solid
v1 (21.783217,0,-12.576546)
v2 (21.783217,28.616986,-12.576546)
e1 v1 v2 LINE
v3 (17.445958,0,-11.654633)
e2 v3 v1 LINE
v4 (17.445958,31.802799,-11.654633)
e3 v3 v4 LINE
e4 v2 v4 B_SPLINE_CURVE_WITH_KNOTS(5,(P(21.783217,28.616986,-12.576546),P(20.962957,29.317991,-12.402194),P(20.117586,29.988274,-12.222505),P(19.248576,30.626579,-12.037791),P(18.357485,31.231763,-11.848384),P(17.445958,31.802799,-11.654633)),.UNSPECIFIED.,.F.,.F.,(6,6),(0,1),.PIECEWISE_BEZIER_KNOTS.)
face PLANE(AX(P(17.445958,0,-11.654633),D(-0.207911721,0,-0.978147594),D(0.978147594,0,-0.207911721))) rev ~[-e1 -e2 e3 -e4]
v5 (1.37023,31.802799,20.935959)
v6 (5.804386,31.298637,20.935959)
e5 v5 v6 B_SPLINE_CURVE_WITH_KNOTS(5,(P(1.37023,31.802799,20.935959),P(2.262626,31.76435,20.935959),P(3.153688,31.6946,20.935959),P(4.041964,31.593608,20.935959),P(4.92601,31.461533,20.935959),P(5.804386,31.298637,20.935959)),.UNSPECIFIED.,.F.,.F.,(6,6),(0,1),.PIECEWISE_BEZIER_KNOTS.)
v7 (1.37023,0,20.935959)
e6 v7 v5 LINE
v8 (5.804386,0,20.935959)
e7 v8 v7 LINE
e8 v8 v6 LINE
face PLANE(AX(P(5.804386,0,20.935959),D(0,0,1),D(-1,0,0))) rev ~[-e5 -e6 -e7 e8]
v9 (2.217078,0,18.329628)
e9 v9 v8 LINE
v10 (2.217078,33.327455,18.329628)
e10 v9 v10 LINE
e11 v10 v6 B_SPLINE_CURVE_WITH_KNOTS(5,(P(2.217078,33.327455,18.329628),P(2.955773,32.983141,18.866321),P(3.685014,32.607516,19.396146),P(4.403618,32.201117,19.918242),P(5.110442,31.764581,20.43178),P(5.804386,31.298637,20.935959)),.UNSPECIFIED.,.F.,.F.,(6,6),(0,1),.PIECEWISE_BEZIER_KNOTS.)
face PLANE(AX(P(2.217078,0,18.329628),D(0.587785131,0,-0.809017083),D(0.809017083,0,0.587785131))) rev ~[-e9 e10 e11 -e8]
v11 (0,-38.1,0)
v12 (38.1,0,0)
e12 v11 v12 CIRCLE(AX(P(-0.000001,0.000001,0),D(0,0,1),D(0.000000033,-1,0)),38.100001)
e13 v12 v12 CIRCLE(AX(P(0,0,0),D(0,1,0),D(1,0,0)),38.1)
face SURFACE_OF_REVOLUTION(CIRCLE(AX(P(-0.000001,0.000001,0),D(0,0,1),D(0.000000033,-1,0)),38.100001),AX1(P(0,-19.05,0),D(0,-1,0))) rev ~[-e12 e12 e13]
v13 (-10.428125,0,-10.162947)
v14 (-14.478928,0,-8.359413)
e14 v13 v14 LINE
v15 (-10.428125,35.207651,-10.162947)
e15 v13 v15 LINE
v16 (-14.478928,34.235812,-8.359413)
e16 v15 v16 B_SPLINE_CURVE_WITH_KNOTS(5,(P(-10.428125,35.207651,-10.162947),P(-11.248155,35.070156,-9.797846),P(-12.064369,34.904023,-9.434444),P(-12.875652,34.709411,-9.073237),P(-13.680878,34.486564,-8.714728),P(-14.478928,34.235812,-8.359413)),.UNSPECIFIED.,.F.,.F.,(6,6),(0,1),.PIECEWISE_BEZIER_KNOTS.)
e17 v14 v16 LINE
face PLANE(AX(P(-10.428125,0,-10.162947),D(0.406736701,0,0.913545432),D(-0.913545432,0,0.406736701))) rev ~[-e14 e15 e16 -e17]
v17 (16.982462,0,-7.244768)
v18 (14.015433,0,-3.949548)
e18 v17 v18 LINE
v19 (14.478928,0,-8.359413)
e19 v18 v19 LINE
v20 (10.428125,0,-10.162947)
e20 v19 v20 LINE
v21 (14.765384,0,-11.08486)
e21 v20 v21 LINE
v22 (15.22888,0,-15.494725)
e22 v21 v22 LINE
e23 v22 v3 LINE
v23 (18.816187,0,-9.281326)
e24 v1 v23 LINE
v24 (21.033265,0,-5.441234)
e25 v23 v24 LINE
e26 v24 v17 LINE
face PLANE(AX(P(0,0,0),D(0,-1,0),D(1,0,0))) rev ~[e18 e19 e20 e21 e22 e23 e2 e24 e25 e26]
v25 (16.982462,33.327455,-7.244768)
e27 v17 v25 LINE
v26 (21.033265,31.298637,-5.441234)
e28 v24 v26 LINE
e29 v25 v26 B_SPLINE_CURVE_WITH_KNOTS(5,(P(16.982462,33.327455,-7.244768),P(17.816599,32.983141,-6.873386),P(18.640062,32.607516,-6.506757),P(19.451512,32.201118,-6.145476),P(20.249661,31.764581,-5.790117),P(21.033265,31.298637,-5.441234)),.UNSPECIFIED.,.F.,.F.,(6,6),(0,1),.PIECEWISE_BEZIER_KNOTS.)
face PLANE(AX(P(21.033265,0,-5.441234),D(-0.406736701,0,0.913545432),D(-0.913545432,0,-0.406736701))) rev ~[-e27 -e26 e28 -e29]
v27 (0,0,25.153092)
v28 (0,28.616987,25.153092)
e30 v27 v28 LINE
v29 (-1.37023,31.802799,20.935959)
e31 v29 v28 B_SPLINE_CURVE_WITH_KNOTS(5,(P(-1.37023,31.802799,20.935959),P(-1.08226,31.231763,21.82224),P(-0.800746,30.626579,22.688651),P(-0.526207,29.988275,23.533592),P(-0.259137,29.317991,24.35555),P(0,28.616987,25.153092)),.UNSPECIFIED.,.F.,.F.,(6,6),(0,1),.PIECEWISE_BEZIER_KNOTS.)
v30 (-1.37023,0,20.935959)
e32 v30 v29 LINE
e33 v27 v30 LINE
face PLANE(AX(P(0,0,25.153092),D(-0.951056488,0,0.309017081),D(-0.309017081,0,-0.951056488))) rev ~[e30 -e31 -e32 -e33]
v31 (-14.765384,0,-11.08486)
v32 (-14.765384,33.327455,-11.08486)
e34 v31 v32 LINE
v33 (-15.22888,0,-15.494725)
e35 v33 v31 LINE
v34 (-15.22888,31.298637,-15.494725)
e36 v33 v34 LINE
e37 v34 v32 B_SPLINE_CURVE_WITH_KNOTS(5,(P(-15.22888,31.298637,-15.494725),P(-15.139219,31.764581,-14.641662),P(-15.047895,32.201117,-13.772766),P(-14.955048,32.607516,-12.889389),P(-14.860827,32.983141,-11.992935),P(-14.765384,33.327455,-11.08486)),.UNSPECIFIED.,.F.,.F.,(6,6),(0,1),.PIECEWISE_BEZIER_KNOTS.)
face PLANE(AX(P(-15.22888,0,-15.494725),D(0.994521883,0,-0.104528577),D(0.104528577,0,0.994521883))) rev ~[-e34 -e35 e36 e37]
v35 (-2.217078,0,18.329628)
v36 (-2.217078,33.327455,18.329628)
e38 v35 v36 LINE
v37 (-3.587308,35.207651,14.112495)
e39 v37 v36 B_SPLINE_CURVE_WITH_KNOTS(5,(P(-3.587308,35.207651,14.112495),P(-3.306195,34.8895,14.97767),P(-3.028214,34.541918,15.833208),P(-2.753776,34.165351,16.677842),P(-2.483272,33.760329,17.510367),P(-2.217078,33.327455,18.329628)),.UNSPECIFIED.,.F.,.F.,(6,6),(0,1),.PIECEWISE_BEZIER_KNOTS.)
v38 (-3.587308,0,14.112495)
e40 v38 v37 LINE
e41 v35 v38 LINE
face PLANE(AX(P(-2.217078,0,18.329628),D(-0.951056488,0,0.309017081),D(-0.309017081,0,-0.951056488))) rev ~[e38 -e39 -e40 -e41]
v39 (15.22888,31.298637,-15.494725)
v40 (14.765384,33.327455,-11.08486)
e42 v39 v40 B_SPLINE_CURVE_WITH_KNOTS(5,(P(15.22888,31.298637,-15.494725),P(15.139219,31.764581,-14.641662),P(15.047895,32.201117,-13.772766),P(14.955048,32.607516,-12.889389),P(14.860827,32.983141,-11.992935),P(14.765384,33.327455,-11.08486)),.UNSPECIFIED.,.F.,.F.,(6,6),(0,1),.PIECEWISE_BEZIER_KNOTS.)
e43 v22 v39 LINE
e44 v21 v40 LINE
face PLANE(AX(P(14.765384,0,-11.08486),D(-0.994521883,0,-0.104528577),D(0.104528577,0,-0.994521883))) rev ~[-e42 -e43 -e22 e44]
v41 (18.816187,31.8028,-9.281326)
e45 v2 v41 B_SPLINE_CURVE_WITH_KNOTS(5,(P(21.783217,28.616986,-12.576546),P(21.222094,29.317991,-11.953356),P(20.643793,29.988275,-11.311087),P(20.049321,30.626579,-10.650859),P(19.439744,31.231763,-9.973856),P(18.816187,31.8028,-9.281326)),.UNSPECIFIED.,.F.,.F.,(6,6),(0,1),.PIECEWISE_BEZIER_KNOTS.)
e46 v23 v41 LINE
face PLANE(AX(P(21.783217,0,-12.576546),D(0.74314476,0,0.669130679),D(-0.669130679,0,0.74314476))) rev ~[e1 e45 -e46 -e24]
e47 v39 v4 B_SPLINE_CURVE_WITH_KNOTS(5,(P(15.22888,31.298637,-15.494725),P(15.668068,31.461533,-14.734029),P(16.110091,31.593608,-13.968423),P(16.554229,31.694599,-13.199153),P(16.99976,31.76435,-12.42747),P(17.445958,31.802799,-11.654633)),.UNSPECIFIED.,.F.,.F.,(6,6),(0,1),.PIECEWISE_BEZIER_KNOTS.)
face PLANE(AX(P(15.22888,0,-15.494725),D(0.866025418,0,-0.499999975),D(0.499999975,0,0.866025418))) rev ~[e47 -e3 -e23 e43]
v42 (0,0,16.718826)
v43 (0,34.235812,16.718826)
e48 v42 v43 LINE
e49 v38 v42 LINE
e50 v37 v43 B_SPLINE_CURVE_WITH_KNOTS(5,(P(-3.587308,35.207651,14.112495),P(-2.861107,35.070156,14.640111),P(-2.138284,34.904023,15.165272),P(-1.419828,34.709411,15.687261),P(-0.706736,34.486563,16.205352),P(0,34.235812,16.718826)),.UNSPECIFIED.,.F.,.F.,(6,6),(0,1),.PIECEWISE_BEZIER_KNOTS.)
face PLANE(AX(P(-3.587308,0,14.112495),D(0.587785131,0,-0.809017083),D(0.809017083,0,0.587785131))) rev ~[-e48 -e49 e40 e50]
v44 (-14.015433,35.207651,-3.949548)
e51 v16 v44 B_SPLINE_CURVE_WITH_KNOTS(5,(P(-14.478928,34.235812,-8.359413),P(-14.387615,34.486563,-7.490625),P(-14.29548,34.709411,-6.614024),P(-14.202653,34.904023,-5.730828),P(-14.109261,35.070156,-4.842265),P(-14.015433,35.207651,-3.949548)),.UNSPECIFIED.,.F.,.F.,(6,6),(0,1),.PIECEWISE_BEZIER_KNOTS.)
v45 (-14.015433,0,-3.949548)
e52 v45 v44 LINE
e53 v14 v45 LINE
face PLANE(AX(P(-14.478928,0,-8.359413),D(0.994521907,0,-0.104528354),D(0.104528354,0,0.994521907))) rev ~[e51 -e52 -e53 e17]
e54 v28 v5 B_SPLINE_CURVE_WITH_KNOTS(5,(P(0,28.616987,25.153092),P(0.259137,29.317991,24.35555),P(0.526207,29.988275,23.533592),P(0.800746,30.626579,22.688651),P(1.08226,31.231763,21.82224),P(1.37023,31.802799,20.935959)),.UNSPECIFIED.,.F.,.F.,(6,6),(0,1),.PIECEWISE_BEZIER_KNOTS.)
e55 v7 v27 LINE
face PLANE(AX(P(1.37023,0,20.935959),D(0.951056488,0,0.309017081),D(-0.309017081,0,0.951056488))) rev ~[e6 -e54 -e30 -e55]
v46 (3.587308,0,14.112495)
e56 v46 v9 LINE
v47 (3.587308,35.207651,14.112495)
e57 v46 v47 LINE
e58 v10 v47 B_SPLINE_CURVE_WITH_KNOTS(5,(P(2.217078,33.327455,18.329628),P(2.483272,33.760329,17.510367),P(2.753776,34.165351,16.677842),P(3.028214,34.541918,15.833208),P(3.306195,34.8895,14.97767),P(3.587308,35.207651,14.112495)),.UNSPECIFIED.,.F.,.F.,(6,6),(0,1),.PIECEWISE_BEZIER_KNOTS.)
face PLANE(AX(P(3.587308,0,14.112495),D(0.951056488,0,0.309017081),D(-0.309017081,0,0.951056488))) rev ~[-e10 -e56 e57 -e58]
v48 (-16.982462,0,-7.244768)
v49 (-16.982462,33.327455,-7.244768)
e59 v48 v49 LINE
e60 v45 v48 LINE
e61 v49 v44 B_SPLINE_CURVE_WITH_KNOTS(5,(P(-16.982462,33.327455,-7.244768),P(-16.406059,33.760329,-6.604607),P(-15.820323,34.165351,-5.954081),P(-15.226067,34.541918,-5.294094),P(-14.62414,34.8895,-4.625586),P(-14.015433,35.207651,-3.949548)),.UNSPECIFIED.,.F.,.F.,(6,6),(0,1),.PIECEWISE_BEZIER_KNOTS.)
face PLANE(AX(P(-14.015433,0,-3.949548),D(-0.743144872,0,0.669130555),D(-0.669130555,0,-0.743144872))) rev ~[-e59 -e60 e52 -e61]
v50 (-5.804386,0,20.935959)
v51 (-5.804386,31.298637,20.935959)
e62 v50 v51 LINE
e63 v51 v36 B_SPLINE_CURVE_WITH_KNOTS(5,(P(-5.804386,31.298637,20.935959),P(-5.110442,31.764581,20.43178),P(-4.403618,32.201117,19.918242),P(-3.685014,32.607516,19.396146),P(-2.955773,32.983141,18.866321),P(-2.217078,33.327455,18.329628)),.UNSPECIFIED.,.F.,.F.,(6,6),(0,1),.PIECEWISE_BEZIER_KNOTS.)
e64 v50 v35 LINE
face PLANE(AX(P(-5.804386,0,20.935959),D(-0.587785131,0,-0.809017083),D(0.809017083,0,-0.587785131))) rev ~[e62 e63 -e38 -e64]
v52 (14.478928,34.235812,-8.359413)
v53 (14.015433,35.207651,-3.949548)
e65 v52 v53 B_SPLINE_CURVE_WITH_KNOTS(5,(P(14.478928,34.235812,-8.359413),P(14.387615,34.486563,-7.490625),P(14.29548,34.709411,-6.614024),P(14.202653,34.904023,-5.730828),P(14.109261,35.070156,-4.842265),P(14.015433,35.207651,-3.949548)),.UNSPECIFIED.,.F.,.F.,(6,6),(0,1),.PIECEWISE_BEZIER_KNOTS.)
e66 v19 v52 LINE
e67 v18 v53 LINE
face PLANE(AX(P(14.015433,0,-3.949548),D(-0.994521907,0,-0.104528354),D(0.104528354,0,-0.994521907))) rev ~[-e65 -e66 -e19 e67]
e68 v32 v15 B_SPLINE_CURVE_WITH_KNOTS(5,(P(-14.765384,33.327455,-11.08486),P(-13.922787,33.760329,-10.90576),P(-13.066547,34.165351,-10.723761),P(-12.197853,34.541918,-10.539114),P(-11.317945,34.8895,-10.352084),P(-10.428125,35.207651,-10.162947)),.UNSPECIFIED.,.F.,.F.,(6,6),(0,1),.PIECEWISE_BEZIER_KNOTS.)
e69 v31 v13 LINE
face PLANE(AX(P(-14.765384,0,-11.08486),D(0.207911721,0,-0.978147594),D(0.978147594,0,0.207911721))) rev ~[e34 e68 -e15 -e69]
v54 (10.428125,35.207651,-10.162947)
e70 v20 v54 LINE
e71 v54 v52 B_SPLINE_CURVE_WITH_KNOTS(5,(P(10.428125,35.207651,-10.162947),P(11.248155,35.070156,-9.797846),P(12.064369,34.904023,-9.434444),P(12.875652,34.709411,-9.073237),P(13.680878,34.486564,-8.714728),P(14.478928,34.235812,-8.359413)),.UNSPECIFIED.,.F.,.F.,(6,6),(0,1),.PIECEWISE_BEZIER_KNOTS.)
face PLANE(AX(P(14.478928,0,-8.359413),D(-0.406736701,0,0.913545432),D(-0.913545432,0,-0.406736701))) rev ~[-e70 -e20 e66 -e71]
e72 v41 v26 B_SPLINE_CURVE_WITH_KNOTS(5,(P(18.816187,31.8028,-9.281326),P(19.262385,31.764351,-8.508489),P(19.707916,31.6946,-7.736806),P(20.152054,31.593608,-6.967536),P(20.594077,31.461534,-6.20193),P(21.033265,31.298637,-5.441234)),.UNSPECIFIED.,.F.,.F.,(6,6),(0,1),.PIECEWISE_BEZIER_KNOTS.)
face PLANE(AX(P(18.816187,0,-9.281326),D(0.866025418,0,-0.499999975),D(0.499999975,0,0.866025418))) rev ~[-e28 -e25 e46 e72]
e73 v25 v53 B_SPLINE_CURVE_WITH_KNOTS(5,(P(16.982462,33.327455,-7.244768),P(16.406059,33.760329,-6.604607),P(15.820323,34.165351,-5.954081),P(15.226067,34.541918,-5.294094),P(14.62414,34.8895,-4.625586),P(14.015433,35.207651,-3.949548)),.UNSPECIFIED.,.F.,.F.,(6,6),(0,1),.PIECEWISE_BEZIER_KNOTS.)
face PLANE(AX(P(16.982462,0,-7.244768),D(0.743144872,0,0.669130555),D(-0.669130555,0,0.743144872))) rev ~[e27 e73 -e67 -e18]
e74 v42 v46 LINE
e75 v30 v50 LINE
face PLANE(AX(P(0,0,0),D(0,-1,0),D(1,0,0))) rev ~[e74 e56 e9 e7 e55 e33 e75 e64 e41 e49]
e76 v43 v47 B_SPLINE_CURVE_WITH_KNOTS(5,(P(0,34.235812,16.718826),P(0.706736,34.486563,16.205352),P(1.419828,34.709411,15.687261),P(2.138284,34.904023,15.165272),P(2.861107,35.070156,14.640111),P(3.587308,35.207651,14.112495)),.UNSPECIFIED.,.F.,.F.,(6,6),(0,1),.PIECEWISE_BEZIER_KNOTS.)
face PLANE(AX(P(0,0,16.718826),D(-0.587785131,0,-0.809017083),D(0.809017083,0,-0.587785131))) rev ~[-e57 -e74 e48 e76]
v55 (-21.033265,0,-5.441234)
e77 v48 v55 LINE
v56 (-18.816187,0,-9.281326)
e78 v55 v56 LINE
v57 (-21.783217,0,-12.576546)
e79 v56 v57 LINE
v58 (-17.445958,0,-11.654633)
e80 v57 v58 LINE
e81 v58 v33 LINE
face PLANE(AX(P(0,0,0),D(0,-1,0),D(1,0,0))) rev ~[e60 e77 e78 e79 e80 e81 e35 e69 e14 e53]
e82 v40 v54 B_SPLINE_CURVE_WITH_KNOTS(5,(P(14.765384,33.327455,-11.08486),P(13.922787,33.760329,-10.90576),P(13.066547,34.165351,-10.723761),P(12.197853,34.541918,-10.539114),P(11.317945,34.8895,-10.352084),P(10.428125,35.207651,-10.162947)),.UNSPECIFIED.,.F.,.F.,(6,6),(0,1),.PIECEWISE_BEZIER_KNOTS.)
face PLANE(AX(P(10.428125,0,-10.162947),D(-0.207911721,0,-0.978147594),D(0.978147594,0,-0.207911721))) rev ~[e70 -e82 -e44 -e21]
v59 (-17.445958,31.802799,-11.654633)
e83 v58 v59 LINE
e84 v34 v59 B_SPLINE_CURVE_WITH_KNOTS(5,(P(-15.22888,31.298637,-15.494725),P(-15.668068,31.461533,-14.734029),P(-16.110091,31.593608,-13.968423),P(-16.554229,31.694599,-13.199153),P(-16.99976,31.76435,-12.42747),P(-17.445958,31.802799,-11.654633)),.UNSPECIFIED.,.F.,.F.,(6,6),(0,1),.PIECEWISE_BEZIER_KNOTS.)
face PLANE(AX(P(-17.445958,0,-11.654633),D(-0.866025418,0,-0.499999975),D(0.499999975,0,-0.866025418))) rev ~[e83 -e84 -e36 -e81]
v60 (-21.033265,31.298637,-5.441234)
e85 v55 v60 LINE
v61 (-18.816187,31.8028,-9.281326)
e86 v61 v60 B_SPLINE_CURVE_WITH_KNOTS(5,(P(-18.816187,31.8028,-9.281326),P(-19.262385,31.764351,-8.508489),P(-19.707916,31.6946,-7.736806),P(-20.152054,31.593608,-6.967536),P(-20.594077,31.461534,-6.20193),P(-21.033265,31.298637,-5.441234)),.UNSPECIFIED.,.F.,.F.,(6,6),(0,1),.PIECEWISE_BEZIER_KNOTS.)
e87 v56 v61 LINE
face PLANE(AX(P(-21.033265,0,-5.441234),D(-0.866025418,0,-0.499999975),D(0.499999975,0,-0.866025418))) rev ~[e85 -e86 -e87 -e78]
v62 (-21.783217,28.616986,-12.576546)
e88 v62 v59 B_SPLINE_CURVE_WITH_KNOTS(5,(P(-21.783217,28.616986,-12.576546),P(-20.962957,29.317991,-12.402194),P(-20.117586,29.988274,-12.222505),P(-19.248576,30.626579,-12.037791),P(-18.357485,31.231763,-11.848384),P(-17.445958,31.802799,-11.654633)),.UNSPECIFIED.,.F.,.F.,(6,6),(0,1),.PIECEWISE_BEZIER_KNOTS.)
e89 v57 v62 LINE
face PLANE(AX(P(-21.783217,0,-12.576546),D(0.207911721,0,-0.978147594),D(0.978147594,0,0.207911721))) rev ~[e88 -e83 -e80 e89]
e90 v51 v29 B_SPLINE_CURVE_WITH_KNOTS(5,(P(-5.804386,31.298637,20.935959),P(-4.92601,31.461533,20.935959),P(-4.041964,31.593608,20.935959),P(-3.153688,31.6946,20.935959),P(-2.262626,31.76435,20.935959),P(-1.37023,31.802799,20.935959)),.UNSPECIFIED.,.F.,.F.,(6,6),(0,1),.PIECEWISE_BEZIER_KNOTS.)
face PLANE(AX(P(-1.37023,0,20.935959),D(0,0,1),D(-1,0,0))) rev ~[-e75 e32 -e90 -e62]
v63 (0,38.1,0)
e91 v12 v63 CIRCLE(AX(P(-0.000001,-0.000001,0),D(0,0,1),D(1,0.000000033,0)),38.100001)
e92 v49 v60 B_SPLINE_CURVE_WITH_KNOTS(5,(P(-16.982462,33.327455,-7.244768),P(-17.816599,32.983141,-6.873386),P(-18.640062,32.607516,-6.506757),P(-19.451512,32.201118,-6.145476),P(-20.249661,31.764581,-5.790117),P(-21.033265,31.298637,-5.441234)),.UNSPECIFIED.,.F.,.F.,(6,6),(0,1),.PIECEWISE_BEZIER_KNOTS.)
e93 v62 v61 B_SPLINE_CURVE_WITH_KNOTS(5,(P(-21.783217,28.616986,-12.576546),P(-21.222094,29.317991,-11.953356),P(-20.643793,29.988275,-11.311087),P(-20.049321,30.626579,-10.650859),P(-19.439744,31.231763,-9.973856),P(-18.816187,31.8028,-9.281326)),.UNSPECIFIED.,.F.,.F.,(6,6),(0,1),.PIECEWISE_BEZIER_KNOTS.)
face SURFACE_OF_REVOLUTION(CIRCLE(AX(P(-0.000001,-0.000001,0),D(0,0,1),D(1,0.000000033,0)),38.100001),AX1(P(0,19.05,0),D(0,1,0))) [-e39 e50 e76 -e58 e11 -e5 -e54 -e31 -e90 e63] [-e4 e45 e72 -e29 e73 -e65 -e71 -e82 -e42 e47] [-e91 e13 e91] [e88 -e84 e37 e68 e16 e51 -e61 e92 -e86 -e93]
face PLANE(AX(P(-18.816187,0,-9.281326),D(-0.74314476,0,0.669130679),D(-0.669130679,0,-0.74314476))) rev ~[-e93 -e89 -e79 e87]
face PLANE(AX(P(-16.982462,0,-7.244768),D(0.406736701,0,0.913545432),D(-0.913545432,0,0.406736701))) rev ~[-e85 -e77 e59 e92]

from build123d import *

# Parameters (mm, degrees)
F3_DEPTH = 50.8


with BuildPart() as f1:
    # F0 (on Top) → F1 (revolve)
    with BuildSketch(Plane.XY):
        with BuildLine():
            Line((0, 38.1), (0, 0))
            Line((0, 0), (38.1, 0))
            ThreePointArc((38.1, 0), (26.940768, 26.940768), (0, 38.1))
        make_face()
    revolve(axis=Axis((0, 19.05, 0), (0, 1, 0)))

    # F2 (on face) → F3 (cut)
    with BuildSketch(Plane.XZ):
        Polygon((0, 25.153092), (0, 16.718826), (3.587308, 14.112495), (2.217078, 18.329628), (5.804386, 20.935959), (1.37023, 20.935959), align=None)
        Polygon((-3.587308, 14.112495), (0, 16.718826), (0, 25.153092), (-1.37023, 20.935959), (-5.804386, 20.935959), (-2.217078, 18.329628), align=None)
        Polygon((-18.816187, -9.281326), (-21.783217, -12.576546), (-17.445958, -11.654633), (-15.22888, -15.494725), (-14.765384, -11.08486), (-10.428125, -10.162947), (-14.478928, -8.359413), (-14.015433, -3.949548), (-16.982462, -7.244768), (-21.033265, -5.441234), align=None)
        Polygon((17.445958, -11.654633), (21.783217, -12.576546), (18.816187, -9.281326), (21.033265, -5.441234), (16.982462, -7.244768), (14.015433, -3.949548), (14.478928, -8.359413), (10.428125, -10.162947), (14.765384, -11.08486), (15.22888, -15.494725), align=None)
    extrude(amount=-F3_DEPTH, mode=Mode.SUBTRACT)

    # F4 (on Top) → F5 (revolve)
    with BuildSketch(Plane.XY):
        with BuildLine():
            Line((38.1, 0), (0, 0))
            Line((0, 0), (0, -38.1))
            ThreePointArc((0, -38.1), (26.940768, -26.940768), (38.1, 0))
        make_face()
    revolve(axis=Axis((0, -19.05, 0), (0, -1, 0)))


solid = f1.part
